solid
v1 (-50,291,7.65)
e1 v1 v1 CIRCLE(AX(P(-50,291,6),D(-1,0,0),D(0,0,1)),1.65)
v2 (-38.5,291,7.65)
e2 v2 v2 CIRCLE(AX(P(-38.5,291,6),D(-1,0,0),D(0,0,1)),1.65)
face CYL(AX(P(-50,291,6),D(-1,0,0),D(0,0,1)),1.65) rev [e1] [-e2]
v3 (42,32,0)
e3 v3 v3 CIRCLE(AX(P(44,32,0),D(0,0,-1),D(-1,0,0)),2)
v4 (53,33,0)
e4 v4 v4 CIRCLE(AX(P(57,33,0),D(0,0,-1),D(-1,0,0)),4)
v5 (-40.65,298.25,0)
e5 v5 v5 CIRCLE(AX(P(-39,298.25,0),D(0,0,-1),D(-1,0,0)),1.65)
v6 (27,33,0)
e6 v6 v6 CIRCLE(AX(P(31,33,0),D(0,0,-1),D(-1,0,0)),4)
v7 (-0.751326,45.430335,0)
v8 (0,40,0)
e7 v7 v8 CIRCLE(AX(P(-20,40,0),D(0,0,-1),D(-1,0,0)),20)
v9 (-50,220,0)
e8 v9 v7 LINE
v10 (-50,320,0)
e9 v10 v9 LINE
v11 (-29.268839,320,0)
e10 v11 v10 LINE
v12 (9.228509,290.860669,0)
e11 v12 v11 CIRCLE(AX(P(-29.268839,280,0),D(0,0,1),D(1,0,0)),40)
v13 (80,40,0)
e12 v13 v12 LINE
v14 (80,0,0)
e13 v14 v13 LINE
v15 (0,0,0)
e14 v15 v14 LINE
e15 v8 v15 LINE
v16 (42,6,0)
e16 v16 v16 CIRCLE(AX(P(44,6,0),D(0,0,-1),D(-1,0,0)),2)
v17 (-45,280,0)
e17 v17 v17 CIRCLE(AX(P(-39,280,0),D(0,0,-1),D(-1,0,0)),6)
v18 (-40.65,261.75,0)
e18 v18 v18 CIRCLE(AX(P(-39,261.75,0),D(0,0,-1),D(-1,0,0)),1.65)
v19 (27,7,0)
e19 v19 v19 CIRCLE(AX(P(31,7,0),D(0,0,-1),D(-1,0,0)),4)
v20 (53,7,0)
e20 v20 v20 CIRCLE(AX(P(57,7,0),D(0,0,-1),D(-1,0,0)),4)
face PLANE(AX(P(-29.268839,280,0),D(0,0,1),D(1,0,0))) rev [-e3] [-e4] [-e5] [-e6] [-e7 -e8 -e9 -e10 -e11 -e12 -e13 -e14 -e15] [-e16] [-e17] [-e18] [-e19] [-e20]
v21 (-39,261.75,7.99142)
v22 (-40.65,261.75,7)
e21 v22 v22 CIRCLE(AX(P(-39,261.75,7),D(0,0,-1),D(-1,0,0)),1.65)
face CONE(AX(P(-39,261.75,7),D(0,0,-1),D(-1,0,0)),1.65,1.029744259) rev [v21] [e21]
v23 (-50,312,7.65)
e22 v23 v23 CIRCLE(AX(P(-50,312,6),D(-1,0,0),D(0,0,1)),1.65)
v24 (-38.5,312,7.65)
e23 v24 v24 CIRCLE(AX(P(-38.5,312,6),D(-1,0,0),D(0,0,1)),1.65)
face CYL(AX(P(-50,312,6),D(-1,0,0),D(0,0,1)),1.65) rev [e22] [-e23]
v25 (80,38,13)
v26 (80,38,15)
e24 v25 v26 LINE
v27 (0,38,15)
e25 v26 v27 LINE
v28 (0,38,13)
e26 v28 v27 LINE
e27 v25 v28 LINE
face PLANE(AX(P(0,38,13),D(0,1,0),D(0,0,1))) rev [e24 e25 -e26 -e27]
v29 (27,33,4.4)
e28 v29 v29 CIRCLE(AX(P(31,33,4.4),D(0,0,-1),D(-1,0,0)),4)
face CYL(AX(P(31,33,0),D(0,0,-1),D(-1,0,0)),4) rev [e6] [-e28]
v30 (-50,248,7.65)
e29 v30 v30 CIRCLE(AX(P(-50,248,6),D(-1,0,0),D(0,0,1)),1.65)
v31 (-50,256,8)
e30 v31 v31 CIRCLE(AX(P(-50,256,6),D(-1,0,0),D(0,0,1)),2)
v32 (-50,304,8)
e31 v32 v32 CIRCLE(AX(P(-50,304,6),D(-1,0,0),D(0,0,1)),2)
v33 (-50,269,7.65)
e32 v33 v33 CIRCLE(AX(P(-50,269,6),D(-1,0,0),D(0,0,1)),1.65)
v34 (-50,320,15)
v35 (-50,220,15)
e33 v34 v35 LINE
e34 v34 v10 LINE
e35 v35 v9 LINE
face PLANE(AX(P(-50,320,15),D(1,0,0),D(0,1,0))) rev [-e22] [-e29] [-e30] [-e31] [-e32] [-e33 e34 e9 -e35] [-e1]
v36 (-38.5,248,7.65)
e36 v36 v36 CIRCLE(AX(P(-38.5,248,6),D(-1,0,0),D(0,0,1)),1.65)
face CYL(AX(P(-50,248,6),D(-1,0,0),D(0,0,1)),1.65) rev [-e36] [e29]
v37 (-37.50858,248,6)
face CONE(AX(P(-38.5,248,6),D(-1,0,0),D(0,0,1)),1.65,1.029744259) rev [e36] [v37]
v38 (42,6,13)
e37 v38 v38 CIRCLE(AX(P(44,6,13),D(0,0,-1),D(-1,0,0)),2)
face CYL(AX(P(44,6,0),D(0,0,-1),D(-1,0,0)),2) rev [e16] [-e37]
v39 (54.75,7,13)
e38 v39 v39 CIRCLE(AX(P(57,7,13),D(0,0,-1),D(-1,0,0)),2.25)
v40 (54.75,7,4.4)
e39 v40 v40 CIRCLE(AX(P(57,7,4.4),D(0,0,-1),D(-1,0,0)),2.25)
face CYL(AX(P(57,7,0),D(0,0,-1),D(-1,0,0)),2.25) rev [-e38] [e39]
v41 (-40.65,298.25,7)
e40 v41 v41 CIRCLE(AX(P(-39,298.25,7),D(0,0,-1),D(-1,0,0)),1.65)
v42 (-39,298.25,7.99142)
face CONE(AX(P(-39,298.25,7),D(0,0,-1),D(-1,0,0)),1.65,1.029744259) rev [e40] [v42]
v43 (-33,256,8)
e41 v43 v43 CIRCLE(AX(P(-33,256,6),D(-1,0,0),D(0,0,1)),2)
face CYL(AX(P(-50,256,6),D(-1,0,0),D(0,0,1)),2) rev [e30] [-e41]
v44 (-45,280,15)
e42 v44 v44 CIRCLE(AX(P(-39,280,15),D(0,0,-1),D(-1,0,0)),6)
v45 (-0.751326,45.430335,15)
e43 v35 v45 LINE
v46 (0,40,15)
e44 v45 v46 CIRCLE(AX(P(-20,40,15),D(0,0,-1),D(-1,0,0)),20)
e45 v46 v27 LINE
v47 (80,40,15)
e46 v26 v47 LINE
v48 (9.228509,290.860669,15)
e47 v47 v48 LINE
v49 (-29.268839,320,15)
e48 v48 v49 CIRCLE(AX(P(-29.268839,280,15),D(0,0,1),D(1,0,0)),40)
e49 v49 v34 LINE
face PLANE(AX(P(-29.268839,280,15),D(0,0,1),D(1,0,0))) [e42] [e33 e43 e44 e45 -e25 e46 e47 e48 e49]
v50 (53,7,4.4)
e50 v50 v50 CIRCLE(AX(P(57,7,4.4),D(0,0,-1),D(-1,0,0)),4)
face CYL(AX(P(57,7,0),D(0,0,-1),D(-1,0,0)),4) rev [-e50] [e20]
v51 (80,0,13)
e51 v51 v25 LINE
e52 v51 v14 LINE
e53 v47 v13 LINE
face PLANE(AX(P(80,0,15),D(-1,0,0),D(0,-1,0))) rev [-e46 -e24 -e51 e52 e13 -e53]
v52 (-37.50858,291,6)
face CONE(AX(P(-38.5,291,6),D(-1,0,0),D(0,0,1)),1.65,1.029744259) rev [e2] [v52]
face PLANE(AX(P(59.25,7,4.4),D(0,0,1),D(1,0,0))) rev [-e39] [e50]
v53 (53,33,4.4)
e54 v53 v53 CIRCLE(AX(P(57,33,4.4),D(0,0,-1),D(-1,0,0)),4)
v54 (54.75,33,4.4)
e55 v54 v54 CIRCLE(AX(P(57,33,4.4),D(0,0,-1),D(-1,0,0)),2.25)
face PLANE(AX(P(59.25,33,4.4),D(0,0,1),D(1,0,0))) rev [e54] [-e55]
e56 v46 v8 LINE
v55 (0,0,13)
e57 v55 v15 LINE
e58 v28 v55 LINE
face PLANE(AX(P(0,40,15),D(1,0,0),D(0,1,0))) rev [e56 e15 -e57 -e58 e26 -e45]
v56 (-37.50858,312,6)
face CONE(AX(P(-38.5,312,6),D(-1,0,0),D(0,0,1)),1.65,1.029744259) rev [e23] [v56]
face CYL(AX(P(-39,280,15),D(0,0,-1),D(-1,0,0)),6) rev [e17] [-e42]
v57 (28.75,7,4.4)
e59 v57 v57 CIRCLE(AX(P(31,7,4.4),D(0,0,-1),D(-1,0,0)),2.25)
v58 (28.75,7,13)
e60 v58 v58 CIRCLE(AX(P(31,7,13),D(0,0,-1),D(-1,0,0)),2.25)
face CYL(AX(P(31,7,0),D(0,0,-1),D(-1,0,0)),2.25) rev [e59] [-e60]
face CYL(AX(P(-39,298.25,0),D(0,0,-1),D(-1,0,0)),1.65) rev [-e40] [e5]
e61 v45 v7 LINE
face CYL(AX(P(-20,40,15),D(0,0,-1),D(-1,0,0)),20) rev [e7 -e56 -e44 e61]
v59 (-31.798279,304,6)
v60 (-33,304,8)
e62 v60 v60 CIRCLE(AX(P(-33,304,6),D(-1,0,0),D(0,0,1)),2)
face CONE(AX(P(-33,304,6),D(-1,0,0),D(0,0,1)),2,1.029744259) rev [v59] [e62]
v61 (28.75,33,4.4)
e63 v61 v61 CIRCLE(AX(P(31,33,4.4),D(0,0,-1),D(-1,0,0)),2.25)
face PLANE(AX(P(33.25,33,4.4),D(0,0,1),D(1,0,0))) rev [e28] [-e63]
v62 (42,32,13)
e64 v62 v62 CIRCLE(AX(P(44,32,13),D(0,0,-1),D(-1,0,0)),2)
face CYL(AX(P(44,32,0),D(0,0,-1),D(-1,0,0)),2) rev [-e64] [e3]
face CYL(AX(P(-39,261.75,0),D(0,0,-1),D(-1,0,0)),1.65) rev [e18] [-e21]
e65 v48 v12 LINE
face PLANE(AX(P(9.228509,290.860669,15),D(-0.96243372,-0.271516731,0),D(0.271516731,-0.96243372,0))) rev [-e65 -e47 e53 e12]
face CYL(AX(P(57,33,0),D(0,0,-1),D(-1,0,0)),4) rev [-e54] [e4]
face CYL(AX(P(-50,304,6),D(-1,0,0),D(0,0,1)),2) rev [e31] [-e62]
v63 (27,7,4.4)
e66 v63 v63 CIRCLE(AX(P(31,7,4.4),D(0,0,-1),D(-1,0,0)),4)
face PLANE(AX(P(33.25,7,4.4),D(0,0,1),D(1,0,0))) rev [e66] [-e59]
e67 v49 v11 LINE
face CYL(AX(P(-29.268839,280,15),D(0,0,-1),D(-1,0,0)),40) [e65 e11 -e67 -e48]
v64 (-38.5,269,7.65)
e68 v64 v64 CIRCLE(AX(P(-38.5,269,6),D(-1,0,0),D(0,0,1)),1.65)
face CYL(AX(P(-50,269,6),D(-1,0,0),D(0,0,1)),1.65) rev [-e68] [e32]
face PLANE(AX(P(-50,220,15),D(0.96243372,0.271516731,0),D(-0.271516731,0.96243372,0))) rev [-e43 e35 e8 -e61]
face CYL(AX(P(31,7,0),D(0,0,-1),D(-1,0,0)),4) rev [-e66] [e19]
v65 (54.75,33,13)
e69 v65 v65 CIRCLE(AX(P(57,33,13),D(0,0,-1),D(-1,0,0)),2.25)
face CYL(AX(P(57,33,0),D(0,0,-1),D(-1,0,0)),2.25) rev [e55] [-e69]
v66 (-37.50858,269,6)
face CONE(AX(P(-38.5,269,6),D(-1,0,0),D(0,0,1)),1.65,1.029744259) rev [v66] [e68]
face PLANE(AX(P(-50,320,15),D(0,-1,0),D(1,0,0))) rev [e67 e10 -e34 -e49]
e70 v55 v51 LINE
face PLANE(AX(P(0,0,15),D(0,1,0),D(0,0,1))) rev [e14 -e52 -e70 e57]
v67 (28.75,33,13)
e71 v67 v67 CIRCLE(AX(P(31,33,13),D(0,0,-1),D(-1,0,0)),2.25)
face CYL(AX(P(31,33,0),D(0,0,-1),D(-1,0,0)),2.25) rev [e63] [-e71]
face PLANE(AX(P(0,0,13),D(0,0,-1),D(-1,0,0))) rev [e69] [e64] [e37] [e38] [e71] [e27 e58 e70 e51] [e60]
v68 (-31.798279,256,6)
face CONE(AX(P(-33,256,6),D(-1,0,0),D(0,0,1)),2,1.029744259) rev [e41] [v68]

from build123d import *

# Parameters (mm, degrees)
SALIENTE_EXTRUIR1_DEPTH                              = 15
CROQUIS2_R                                           = 6
CORTAR_EXTRUIR1_DEPTH                                = 16
PERFORADOR_PARA_ROSCAR_PARA_MACHO_DE_ROS_D           = 3.3
PERFORADOR_PARA_ROSCAR_PARA_MACHO_DE_ROS_DEPTH       = 7
PERFORADOR_PARA_ROSCAR_PARA_MACHO_DE_ROS_TIP         = 0.991420021
CROQUIS9_W                                           = 80
CROQUIS9_H                                           = 38
CORTAR_EXTRUIR2_DEPTH                                = 2
TALADROS_DE_ESPIGA_DE_4_0MM1_D                       = 4
TALADROS_DE_ESPIGA_DE_4_0MM1_DEPTH                   = 17
TALADROS_DE_ESPIGA_DE_4_0MM1_TIP                     = 1.201721238
TALADRO_ROSCADO_M41_D                                = 3.3
TALADRO_ROSCADO_M41_DEPTH                            = 11.5
TALADRO_ROSCADO_M41_TIP                              = 0.991420021
REFRENTADO_PARA_TORNILLO_CON_CABEZA_HUEC_D           = 4.5
REFRENTADO_PARA_TORNILLO_CON_CABEZA_HUEC_CBORE_D     = 8
REFRENTADO_PARA_TORNILLO_CON_CABEZA_HUEC_CBORE_DEPTH = 4.4
TALADROS_DE_ESPIGA_DE_4_0MM2_D                       = 4


with BuildPart() as part:
    # Croquis1 → Saliente-Extruir1 (new body)
    with BuildSketch(Plane.XY):
        with BuildLine():
            Line((80, 0), (80, 40))
            Line((80, 40), (9.228509485, 290.860669242))
            ThreePointArc((9.228509485, 290.860669242), (-5.12786552, 311.893782856), (-29.268839302, 320))
            Line((-29.268839302, 320), (-50, 320))
            Line((-50, 320), (-50, 220))
            Line((-50, 220), (-0.751325607, 45.430334621))
            ThreePointArc((-0.751325607, 45.430334621), (-0.1887218, 42.741031935), (0, 40))
            Line((0, 40), (0, 0))
            Line((0, 0), (80, 0))
        make_face()
    extrude(amount=SALIENTE_EXTRUIR1_DEPTH)

    # Croquis2 → Cortar-Extruir1 (cut, through all)
    with BuildSketch(Plane(origin=(0, 0, 0), x_dir=(-1, 0, 0), z_dir=(0, 0, -1))):
        with Locations((39, 280)):
            Circle(CROQUIS2_R)
    extrude(amount=-CORTAR_EXTRUIR1_DEPTH, mode=Mode.SUBTRACT)

    # Perforador para roscar para macho de roscar para M44
    with Locations(Plane(origin=(0, 0, 0), x_dir=(-1, 0, 0), z_dir=(0, 0, -1))):
        with Locations((39, 261.75), (39, 298.25)):
            Hole(PERFORADOR_PARA_ROSCAR_PARA_MACHO_DE_ROS_D / 2, depth=PERFORADOR_PARA_ROSCAR_PARA_MACHO_DE_ROS_DEPTH)
            with Locations((0, 0, -(PERFORADOR_PARA_ROSCAR_PARA_MACHO_DE_ROS_DEPTH + PERFORADOR_PARA_ROSCAR_PARA_MACHO_DE_ROS_TIP / 2))):  # 118° drill point
                Cone(0, PERFORADOR_PARA_ROSCAR_PARA_MACHO_DE_ROS_D / 2, PERFORADOR_PARA_ROSCAR_PARA_MACHO_DE_ROS_TIP, mode=Mode.SUBTRACT)

    # Croquis9 → Cortar-Extruir2 (cut)
    with BuildSketch(Plane.XY.offset(15)):
        with Locations((40, 19)):
            Rectangle(CROQUIS9_W, CROQUIS9_H)
    extrude(amount=-CORTAR_EXTRUIR2_DEPTH, mode=Mode.SUBTRACT)

    # Taladros de espiga de Ø4.0mm1
    with Locations(Plane.ZY.offset(50)):
        with Locations((6, 304), (6, 256)):
            Hole(TALADROS_DE_ESPIGA_DE_4_0MM1_D / 2, depth=TALADROS_DE_ESPIGA_DE_4_0MM1_DEPTH)
            with Locations((0, 0, -(TALADROS_DE_ESPIGA_DE_4_0MM1_DEPTH + TALADROS_DE_ESPIGA_DE_4_0MM1_TIP / 2))):  # 118° drill point
                Cone(0, TALADROS_DE_ESPIGA_DE_4_0MM1_D / 2, TALADROS_DE_ESPIGA_DE_4_0MM1_TIP, mode=Mode.SUBTRACT)

    # Taladro roscado M41
    with Locations(Plane.ZY.offset(50)):
        with Locations((6, 312), (6, 248), (6, 291), (6, 269)):
            Hole(TALADRO_ROSCADO_M41_D / 2, depth=TALADRO_ROSCADO_M41_DEPTH)
            with Locations((0, 0, -(TALADRO_ROSCADO_M41_DEPTH + TALADRO_ROSCADO_M41_TIP / 2))):  # 118° drill point
                Cone(0, TALADRO_ROSCADO_M41_D / 2, TALADRO_ROSCADO_M41_TIP, mode=Mode.SUBTRACT)

    # Refrentado para tornillo con cabeza hueca de M41 (through all)
    with Locations(Plane(origin=(0, 0, 0), x_dir=(-1, 0, 0), z_dir=(0, 0, -1))):
        with Locations((-57, 7), (-57, 33), (-31, 33), (-31, 7)):
            CounterBoreHole(REFRENTADO_PARA_TORNILLO_CON_CABEZA_HUEC_D / 2, REFRENTADO_PARA_TORNILLO_CON_CABEZA_HUEC_CBORE_D / 2, REFRENTADO_PARA_TORNILLO_CON_CABEZA_HUEC_CBORE_DEPTH)

    # Taladros de espiga de Ø4.0mm2 (through all)
    with Locations(Plane(origin=(0, 0, 0), x_dir=(-1, 0, 0), z_dir=(0, 0, -1))):
        with Locations((-44, 32), (-44, 6)):
            Hole(TALADROS_DE_ESPIGA_DE_4_0MM2_D / 2)


solid = part.part
